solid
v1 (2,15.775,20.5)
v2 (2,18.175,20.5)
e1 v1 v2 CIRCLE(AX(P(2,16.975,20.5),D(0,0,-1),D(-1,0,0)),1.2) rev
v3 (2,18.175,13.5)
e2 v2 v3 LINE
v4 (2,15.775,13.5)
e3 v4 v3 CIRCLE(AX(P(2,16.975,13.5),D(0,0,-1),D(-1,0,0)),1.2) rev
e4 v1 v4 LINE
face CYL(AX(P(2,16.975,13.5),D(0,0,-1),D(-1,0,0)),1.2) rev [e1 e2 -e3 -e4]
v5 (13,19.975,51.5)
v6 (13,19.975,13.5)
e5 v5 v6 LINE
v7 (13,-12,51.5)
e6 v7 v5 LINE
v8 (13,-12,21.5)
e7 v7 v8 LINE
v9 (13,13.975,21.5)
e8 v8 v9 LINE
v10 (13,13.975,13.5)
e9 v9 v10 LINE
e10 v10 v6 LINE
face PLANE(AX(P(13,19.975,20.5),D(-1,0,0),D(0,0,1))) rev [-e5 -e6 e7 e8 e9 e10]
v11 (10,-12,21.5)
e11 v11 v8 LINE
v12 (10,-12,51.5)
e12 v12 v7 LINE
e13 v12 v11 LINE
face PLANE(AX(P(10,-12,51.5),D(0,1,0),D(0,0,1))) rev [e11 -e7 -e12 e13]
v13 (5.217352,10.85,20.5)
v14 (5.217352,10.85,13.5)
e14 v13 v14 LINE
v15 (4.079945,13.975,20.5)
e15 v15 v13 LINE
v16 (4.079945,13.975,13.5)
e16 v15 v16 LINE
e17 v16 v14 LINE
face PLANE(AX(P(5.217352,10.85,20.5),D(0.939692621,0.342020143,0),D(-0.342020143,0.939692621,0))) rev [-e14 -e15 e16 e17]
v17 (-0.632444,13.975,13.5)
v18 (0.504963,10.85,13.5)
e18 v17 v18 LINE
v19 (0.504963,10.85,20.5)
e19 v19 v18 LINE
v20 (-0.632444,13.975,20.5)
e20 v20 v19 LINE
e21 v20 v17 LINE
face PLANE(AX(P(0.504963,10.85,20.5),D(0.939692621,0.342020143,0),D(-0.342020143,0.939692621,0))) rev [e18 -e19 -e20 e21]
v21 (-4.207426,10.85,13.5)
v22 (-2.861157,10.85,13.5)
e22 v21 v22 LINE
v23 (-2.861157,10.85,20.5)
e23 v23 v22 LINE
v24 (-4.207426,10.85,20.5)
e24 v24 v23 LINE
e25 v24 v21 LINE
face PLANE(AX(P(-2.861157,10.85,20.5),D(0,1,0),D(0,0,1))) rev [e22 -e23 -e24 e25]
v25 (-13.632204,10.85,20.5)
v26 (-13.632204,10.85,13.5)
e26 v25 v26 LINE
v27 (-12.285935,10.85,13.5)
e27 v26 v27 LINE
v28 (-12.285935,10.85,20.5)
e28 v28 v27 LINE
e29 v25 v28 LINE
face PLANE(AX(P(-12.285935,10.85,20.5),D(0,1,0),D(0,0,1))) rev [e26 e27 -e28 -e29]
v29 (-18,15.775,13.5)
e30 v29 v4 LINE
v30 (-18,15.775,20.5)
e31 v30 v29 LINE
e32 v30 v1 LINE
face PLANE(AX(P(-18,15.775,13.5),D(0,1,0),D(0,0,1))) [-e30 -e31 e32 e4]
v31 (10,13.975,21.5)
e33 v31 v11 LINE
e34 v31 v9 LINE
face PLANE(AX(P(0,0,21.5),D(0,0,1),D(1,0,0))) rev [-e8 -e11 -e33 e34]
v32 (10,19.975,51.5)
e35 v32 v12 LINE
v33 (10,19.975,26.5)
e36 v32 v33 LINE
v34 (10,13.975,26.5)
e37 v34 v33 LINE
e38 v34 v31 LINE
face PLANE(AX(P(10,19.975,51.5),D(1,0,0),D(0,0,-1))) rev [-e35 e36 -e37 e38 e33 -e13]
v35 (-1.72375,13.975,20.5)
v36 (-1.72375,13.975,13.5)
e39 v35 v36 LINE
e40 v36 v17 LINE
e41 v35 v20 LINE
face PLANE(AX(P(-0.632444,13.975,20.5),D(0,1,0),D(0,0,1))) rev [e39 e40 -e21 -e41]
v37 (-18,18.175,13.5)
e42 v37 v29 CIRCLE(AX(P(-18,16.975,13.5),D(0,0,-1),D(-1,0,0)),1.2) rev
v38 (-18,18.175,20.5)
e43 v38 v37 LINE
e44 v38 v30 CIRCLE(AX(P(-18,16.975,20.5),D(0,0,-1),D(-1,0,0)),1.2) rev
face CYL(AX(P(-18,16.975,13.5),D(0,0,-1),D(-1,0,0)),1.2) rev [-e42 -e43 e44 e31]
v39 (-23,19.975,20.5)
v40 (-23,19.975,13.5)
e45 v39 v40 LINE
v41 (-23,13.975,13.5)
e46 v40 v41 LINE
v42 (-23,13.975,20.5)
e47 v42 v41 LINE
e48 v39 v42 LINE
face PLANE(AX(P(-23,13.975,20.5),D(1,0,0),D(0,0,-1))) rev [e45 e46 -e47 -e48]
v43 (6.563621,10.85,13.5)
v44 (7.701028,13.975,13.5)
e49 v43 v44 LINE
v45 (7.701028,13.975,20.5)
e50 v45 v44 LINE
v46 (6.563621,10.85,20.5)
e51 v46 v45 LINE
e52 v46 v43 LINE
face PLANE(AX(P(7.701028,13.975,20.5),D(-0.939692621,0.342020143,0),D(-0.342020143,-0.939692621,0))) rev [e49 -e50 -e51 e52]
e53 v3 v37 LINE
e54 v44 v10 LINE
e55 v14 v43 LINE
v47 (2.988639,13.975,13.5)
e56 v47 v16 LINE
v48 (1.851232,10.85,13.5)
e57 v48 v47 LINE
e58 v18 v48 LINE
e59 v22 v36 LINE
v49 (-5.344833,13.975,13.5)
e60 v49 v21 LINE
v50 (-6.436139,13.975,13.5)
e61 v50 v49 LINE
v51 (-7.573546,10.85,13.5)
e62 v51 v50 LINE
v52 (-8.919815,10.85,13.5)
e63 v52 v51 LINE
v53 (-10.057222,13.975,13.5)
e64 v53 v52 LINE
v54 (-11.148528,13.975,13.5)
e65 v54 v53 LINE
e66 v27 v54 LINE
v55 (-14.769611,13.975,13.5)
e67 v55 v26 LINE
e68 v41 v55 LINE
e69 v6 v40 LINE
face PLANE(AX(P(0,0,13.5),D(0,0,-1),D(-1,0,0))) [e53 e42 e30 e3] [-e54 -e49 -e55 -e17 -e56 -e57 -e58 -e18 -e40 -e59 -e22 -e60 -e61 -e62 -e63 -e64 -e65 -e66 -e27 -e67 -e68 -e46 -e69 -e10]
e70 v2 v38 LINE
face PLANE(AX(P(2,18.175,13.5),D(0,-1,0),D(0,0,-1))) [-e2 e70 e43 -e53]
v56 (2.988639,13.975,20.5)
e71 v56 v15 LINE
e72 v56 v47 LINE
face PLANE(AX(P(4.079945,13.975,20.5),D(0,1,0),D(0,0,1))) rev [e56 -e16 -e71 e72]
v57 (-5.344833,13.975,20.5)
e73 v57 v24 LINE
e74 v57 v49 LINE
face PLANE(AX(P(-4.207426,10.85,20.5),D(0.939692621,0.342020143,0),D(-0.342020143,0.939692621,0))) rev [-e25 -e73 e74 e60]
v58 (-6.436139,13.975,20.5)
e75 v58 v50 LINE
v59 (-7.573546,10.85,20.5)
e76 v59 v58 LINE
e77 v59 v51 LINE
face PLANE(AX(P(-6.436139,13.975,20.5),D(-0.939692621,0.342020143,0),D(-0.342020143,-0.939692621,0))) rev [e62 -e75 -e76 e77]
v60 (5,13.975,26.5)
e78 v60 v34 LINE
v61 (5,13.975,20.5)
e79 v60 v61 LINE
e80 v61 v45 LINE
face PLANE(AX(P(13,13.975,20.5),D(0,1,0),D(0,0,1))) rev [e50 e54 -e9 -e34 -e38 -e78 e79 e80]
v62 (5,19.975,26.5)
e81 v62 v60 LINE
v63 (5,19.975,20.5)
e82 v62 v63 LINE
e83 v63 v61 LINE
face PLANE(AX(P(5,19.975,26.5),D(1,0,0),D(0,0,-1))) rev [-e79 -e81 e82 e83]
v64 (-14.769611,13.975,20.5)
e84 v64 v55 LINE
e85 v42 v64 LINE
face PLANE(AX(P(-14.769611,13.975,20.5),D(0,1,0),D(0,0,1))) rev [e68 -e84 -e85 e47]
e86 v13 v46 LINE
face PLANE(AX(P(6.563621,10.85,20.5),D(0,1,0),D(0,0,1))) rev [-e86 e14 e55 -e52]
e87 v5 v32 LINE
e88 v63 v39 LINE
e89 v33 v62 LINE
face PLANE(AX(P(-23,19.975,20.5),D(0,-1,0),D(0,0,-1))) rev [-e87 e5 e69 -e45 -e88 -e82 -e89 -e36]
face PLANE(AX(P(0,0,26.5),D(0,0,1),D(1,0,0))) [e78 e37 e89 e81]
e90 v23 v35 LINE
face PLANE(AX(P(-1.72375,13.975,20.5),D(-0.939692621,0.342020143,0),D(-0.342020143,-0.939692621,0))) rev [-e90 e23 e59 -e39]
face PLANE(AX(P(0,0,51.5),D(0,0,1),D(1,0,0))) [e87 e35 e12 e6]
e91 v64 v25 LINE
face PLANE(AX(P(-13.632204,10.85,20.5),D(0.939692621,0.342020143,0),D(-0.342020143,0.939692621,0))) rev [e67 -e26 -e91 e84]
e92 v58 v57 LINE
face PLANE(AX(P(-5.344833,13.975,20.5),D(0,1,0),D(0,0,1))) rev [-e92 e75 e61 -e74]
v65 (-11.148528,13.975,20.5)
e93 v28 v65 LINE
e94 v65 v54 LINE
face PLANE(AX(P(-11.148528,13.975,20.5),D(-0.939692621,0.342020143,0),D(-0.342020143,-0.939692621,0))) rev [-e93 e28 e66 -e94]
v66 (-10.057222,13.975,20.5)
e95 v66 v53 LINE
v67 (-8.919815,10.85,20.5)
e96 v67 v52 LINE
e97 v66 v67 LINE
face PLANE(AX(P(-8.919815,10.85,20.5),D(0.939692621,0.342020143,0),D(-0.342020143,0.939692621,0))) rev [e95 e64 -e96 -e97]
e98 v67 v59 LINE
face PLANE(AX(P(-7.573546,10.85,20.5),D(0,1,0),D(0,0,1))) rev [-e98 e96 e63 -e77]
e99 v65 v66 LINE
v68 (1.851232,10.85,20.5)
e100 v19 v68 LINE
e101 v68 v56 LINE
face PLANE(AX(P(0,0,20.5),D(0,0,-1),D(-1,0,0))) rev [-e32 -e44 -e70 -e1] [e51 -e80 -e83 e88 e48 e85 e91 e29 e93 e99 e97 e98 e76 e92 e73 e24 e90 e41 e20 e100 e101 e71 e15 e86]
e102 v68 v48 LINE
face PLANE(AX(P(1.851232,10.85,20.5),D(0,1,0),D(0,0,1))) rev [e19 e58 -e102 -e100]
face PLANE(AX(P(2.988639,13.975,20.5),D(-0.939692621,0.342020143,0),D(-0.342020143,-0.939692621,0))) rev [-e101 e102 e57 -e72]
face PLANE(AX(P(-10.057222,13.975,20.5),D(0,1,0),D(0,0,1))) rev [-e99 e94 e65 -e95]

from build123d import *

# Parameters (mm, degrees)
BOSS_EXTRUDE1_START     = 13.5
BOSS_EXTRUDE1_DEPTH     = 7
BOSS_EXTRUDE2_START     = 20.5
SKETCH2_W               = 8
SKETCH2_H               = 6
BOSS_EXTRUDE2_DEPTH     = 6
BOSS_EXTRUDE3_START     = 21.5
SKETCH3_W               = 3
SKETCH3_H               = 31.975
BOSS_EXTRUDE3_DEPTH     = 30
CUT_EXTRUDE1_DEPTH      = 60.835195537
CUT_EXTRUDE1_DEPTH_BACK = 60.835195537
SKETCH4_W               = 20
SKETCH4_H               = 2.4
CUT_EXTRUDE2_DEPTH      = 60.835195537
CUT_EXTRUDE2_DEPTH_BACK = 60.835195537
SKETCH5_R               = 1.2


with BuildPart() as part:
    # Sketch1 → Boss-Extrude1 (new body)
    with BuildSketch(Plane.XY.offset(BOSS_EXTRUDE1_START)):
        Polygon((-23, 19.975), (13, 19.975), (13, 13.975), (7.70102766, 13.975), (6.563620678, 10.85), (5.217351773, 10.85), (4.079944791, 13.975), (2.988638679, 13.975), (1.851231697, 10.85), (0.504962793, 10.85), (-0.632444189, 13.975), (-1.723750301, 13.975), (-2.861157283, 10.85), (-4.207426188, 10.85), (-5.34483317, 13.975), (-6.436139281, 13.975), (-7.573546263, 10.85), (-8.919815168, 10.85), (-10.05722215, 13.975), (-11.148528262, 13.975), (-12.285935244, 10.85), (-13.632204148, 10.85), (-14.76961113, 13.975), (-23, 13.975), align=None)
    extrude(amount=BOSS_EXTRUDE1_DEPTH)

    # Sketch2 → Boss-Extrude2 (add)
    with BuildSketch(Plane.XY.offset(BOSS_EXTRUDE2_START)):
        with Locations((9, 16.975)):
            Rectangle(SKETCH2_W, SKETCH2_H)
    extrude(amount=BOSS_EXTRUDE2_DEPTH)

    # Sketch3 → Boss-Extrude3 (add)
    with BuildSketch(Plane.XY.offset(BOSS_EXTRUDE3_START)):
        with Locations((11.5, 3.9875)):
            Rectangle(SKETCH3_W, SKETCH3_H)
    extrude(amount=BOSS_EXTRUDE3_DEPTH)

    # Sketch4 → Cut-Extrude1 (cut, two sides: drawn at the far end of the back side and taken through both)
    with BuildSketch(Plane.XY.offset(-CUT_EXTRUDE1_DEPTH_BACK)):
        with Locations((-8, 16.975)):
            Rectangle(SKETCH4_W, SKETCH4_H)
    extrude(amount=CUT_EXTRUDE1_DEPTH + CUT_EXTRUDE1_DEPTH_BACK, mode=Mode.SUBTRACT)

    # Sketch5 → Cut-Extrude2 (cut, two sides: drawn at the far end of the back side and taken through both)
    with BuildSketch(Plane.XY.offset(-CUT_EXTRUDE2_DEPTH_BACK)):
        with Locations((-18, 16.975)):
            Circle(SKETCH5_R)
        with Locations((2, 16.975)):
            Circle(SKETCH5_R)
    extrude(amount=CUT_EXTRUDE2_DEPTH + CUT_EXTRUDE2_DEPTH_BACK, mode=Mode.SUBTRACT)


solid = part.part
